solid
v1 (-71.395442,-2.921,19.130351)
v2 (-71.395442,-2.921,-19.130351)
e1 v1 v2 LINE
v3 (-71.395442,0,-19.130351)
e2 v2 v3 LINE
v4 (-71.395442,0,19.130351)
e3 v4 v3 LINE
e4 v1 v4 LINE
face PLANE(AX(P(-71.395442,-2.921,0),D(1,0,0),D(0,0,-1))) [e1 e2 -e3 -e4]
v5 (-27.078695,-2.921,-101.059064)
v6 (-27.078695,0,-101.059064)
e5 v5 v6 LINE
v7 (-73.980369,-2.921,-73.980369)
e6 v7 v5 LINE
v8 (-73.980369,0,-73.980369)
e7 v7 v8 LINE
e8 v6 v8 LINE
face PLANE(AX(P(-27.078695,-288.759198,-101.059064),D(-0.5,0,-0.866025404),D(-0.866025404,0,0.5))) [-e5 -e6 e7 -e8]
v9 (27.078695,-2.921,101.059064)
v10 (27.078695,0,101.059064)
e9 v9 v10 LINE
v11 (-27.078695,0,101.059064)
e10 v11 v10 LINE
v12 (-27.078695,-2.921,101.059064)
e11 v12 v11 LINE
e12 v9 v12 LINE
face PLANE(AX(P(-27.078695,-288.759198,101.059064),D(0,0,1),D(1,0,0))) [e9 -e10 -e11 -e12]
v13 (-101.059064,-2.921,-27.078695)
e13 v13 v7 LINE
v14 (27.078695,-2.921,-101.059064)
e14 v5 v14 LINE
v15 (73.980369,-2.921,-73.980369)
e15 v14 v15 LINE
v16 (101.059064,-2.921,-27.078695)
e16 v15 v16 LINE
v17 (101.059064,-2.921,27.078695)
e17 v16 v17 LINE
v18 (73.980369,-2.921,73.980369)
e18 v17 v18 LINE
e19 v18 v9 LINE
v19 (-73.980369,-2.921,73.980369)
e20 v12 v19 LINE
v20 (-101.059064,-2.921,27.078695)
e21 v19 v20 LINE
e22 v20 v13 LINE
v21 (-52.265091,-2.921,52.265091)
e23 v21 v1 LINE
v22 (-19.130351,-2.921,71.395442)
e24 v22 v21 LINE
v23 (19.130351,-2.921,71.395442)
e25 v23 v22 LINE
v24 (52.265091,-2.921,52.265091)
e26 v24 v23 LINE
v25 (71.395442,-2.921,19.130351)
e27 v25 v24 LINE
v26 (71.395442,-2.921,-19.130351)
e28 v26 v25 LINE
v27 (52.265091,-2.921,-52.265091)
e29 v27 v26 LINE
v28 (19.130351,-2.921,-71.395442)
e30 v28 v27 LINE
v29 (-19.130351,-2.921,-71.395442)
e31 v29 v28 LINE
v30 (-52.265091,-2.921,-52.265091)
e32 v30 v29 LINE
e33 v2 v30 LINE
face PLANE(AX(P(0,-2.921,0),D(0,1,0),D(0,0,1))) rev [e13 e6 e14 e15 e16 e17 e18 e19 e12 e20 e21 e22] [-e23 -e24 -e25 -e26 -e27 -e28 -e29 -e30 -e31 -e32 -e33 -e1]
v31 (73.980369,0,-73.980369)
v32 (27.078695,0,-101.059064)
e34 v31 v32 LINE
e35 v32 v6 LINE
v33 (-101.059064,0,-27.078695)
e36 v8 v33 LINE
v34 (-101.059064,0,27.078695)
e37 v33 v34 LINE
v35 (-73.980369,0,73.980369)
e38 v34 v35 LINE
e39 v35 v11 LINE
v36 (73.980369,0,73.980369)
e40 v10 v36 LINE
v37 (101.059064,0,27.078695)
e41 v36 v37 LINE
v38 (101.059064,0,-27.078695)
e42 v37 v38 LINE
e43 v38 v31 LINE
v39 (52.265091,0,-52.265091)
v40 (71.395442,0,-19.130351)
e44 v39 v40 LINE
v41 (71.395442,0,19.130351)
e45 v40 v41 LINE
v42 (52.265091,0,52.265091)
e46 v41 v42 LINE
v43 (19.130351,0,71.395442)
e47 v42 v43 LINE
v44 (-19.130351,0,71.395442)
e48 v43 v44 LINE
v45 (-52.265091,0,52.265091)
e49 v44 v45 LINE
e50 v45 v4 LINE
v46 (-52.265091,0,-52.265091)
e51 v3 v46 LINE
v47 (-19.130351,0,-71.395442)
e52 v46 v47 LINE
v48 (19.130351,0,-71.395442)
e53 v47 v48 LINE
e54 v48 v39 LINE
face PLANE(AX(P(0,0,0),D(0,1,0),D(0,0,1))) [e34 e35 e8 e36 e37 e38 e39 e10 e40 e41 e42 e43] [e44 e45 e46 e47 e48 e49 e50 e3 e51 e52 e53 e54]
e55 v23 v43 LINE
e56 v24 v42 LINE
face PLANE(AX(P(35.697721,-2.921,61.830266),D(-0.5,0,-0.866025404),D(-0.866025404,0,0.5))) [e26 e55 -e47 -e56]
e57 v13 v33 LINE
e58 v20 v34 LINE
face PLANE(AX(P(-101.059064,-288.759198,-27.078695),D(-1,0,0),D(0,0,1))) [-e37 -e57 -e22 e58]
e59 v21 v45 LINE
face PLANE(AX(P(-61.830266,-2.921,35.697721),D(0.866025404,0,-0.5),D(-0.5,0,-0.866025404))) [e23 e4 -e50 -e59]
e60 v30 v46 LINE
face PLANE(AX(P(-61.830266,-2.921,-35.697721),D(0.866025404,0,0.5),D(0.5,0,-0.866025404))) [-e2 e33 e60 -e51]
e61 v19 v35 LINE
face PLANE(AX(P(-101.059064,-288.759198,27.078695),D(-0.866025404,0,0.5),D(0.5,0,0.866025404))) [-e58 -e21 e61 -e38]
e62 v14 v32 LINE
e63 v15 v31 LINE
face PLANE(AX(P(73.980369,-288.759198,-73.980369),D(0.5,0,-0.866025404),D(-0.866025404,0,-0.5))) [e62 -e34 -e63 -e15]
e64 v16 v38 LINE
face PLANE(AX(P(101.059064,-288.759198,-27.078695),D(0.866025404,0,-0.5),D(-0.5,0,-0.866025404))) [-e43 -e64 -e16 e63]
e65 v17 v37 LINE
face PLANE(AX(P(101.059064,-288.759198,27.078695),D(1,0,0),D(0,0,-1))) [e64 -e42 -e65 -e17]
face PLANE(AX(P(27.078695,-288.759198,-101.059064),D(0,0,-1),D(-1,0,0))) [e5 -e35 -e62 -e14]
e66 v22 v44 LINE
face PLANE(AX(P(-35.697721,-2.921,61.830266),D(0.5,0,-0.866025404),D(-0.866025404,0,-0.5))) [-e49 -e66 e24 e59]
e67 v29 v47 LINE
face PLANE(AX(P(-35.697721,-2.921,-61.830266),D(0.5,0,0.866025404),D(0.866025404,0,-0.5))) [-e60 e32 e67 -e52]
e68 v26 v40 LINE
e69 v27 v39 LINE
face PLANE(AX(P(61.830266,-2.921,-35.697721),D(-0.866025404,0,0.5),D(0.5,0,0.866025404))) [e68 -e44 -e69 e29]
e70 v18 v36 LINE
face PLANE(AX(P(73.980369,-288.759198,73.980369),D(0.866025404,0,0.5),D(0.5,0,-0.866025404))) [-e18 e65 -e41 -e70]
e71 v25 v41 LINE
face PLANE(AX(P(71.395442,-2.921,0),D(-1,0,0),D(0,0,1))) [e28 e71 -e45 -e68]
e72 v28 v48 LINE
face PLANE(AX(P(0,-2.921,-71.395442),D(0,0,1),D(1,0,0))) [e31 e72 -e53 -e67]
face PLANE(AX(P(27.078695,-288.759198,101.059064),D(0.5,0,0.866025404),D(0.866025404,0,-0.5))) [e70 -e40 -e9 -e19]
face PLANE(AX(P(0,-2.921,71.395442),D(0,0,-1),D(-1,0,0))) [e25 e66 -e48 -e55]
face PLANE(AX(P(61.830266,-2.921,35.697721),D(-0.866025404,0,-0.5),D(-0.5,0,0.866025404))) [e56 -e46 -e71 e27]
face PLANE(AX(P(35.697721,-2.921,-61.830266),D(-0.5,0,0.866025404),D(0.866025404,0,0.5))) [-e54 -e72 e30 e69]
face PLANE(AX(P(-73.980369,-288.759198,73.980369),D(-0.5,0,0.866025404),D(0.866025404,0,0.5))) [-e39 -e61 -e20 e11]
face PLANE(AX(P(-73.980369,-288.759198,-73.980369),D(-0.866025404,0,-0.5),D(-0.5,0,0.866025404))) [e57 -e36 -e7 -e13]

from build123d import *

# Parameters (mm, degrees)
BOSS_EXTRUDE1_DEPTH = 2.921
CUT_EXTRUDE1_DEPTH  = 139.818915977
BOSS_EXTRUDE2_DEPTH = 2.921


with BuildPart() as part:
    # Sketch1 → Boss-Extrude1 (new body)
    with BuildSketch(Plane(origin=(0, 0, 0), x_dir=(1, 0, 0), z_dir=(0, 1, 0))):
        Polygon((98.138063951, 26.296014982), (71.842048969, 71.842048969), (26.296014982, 98.138063951), (-26.296014982, 98.138063951), (-71.842048969, 71.842048969), (-98.138063951, 26.296014982), (-98.138063951, -26.296014982), (-71.842048969, -71.842048969), (-26.296014982, -98.138063951), (26.296014982, -98.138063951), (71.842048969, -71.842048969), (98.138063951, -26.296014982), align=None)
    extrude(amount=-BOSS_EXTRUDE1_DEPTH)

    # Sketch3 → Cut-Extrude1 (cut, through all)
    with BuildSketch(Plane(origin=(0, 0, 0), x_dir=(1, 0, 0), z_dir=(0, 1, 0))):
        Polygon((-71.395441524, 19.1303509), (-52.265090625, 52.265090625), (-19.1303509, 71.395441524), (19.1303509, 71.395441524), (52.265090625, 52.265090625), (71.395441524, 19.1303509), (71.395441524, -19.1303509), (52.265090625, -52.265090625), (19.1303509, -71.395441524), (-19.1303509, -71.395441524), (-52.265090625, -52.265090625), (-71.395441524, -19.1303509), align=None)
    extrude(amount=-CUT_EXTRUDE1_DEPTH, mode=Mode.SUBTRACT)

    # Sketch4 → Boss-Extrude2 (add)
    with BuildSketch(Plane(origin=(0, 0, 0), x_dir=(1, 0, 0), z_dir=(0, 1, 0))):
        Polygon((101.059063951, 27.078694574), (73.980369377, 73.980369377), (27.078694574, 101.059063951), (-27.078694574, 101.059063951), (-73.980369377, 73.980369377), (-101.059063951, 27.078694574), (-101.059063951, -27.078694574), (-73.980369377, -73.980369377), (-27.078694574, -101.059063951), (27.078694574, -101.059063951), (73.980369377, -73.980369377), (101.059063951, -27.078694574), align=None)
        Polygon((98.138063951, 26.296014982), (71.842048969, 71.842048969), (26.296014982, 98.138063951), (-26.296014982, 98.138063951), (-71.842048969, 71.842048969), (-98.138063951, 26.296014982), (-98.138063951, -26.296014982), (-71.842048969, -71.842048969), (-26.296014982, -98.138063951), (26.296014982, -98.138063951), (71.842048969, -71.842048969), (98.138063951, -26.296014982), align=None, mode=Mode.SUBTRACT)
    extrude(amount=-BOSS_EXTRUDE2_DEPTH)


solid = part.part
